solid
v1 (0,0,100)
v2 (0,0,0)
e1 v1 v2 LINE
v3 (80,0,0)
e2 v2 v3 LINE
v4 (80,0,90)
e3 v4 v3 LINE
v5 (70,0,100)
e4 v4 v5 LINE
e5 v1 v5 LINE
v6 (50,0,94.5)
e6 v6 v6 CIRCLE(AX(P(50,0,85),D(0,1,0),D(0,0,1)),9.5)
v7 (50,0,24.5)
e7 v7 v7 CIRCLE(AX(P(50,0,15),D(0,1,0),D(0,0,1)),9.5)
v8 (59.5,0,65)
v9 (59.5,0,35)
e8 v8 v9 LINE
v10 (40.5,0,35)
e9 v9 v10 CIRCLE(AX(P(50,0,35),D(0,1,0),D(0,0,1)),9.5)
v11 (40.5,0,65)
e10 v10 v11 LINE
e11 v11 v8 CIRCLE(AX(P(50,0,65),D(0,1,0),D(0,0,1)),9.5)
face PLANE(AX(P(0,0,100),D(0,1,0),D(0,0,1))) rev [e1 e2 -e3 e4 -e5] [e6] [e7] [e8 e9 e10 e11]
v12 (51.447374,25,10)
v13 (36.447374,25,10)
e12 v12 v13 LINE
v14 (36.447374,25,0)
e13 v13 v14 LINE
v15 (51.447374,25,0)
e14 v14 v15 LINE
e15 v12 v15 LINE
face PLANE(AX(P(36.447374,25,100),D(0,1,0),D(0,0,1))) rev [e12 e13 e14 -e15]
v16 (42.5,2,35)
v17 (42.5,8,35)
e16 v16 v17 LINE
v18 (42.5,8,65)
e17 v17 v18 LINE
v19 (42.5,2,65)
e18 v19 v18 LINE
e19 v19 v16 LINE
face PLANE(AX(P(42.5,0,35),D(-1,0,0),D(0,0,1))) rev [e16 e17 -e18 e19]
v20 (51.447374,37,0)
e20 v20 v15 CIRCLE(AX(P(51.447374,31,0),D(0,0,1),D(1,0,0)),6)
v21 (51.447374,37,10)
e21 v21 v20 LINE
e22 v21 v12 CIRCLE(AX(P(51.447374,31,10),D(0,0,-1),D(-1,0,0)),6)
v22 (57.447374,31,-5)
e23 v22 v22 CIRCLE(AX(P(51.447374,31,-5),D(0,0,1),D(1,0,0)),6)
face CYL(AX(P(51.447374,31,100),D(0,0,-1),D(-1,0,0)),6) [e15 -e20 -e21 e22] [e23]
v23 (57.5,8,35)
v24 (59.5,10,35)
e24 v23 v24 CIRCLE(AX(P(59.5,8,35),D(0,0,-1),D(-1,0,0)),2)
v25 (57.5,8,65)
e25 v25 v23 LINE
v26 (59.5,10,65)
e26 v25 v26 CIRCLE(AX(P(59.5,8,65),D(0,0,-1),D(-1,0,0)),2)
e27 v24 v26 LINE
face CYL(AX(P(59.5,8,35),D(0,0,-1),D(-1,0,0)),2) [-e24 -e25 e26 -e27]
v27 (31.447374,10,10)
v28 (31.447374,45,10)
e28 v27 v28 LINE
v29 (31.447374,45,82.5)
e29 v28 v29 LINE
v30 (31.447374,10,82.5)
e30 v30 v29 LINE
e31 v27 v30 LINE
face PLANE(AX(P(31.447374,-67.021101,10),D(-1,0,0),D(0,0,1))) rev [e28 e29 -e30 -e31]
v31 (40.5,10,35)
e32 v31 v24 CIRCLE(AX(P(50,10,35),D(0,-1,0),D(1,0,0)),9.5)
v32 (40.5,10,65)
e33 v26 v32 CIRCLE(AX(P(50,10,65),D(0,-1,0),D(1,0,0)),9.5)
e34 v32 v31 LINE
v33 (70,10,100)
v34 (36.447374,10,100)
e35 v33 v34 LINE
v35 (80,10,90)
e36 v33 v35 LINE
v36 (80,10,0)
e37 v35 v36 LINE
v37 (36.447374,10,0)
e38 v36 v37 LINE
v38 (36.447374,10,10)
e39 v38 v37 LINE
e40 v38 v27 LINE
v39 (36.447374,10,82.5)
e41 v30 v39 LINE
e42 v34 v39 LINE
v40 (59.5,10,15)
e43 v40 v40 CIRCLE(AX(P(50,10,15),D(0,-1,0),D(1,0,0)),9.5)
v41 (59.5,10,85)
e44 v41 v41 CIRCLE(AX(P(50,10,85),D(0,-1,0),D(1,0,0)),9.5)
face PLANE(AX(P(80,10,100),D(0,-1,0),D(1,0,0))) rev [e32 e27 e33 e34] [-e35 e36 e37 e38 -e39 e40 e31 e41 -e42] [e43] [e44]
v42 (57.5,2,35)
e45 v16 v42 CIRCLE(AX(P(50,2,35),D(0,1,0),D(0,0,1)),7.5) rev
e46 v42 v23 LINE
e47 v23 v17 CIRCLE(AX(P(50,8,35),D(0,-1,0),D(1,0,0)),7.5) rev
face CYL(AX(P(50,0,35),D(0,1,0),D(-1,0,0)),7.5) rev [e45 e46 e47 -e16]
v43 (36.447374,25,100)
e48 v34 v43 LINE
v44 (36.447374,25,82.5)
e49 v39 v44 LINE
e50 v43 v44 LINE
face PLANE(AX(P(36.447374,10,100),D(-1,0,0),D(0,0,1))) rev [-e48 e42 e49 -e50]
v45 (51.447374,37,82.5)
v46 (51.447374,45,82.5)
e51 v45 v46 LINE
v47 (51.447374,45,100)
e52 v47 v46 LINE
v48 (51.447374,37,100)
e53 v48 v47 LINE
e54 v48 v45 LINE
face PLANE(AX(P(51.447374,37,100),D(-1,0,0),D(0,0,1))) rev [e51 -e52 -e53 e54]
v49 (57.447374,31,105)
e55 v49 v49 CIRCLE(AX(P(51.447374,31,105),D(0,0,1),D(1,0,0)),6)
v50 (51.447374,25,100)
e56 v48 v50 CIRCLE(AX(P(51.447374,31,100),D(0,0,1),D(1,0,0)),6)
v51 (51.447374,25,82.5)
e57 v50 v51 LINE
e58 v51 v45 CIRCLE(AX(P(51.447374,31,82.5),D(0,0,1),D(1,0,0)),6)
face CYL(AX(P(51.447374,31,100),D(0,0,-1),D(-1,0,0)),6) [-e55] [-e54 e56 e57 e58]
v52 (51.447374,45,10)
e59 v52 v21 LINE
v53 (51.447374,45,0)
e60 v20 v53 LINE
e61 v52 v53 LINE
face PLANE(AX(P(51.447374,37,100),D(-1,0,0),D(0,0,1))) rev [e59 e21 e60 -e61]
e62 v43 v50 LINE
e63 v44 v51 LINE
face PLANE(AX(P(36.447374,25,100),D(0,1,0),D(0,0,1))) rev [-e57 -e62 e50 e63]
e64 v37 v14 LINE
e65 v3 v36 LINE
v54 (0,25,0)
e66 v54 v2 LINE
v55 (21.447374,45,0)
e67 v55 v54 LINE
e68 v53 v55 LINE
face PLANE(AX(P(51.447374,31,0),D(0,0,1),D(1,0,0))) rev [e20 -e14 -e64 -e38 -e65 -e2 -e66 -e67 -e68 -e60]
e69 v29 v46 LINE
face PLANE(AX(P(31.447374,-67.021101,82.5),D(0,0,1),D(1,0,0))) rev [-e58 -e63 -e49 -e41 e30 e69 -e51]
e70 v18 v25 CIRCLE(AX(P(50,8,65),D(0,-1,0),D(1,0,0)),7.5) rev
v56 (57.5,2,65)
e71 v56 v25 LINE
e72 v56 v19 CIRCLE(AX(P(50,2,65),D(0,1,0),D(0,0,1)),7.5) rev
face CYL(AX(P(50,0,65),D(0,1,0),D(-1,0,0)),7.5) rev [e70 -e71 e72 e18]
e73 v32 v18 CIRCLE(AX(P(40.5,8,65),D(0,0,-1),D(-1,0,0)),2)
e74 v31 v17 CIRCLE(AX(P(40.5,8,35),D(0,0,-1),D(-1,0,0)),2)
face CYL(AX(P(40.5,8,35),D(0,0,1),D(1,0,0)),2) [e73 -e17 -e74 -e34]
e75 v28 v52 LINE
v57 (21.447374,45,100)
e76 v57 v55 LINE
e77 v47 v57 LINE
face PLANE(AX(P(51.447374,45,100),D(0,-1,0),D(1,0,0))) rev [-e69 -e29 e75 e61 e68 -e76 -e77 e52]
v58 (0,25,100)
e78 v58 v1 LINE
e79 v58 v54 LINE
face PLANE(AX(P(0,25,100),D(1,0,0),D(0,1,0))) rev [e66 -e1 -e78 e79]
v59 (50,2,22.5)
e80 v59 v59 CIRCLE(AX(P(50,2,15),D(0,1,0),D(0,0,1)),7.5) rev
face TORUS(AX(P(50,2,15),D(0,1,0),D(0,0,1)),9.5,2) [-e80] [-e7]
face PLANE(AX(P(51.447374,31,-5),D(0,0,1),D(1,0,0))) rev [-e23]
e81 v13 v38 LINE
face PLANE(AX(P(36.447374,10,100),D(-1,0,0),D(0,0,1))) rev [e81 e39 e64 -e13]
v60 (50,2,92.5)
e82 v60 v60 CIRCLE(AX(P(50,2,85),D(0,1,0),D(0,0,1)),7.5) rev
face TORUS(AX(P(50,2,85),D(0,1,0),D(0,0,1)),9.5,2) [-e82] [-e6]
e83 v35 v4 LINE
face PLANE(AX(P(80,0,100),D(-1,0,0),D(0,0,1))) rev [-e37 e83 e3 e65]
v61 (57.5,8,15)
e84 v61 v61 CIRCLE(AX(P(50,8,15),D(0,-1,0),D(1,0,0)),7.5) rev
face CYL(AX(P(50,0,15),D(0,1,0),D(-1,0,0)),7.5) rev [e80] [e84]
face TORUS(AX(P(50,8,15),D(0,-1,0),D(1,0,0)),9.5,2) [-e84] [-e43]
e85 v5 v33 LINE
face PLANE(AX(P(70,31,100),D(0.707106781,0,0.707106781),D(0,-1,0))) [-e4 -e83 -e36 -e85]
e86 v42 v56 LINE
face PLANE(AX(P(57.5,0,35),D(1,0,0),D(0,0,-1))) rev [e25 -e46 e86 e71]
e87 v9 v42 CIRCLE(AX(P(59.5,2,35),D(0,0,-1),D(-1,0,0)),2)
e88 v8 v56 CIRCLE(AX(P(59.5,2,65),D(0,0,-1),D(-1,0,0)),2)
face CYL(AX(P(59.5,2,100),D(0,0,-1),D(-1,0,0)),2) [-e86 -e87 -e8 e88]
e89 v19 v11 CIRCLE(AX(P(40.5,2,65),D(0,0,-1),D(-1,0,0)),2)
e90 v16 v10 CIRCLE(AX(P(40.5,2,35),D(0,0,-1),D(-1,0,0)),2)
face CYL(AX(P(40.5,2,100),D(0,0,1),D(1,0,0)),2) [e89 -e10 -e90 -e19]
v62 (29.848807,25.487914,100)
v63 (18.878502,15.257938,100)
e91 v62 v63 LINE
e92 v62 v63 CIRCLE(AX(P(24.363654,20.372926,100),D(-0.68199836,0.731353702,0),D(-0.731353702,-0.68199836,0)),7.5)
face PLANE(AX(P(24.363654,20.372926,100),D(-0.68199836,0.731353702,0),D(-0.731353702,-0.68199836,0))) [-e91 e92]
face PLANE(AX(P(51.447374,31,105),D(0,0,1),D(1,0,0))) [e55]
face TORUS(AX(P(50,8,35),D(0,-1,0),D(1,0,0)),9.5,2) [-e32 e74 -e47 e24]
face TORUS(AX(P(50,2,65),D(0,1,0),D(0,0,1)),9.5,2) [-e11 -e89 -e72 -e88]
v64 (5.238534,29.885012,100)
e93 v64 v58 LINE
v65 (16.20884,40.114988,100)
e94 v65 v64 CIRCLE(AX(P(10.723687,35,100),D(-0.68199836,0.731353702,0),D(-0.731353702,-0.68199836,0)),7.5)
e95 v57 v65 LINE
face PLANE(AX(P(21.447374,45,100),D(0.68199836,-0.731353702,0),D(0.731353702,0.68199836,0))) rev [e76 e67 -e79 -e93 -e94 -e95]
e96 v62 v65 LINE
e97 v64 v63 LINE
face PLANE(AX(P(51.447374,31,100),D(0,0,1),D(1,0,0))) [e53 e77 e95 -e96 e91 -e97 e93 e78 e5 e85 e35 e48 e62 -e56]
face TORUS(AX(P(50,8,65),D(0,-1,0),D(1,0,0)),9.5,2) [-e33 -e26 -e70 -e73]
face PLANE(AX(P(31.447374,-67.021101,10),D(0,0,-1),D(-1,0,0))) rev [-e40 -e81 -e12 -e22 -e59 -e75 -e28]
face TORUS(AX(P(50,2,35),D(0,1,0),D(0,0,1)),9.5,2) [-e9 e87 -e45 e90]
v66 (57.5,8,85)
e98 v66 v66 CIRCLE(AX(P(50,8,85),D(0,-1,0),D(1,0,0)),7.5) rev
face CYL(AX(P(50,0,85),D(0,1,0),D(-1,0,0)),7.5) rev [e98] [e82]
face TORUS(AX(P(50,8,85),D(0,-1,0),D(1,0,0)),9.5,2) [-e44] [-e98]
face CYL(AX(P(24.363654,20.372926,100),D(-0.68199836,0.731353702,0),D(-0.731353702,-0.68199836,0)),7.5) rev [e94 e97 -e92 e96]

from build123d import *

# Parameters (mm, degrees)
DODANIE_WYCI_GNI_CIE1_DEPTH      = 100
SFAZOWANIE1_SIZE                 = 10
SZKIC3_R                         = 6
DODANIE_WYCI_GNI_CIE2_DEPTH      = 5
DODANIE_WYCI_GNI_CIE2_DEPTH_BACK = 105
SZKIC4_W                         = 26
SZKIC4_H                         = 72.5
WYTNIJ_WYCI_GNI_CIE1_DEPTH       = 35
SZKIC5_R                         = 7.5
WYTNIJ_WYCI_GNI_CIE3_DEPTH       = 11
ZAOKR_GLENIE2_R                  = 2
SZKIC6_R                         = 7.5
WYTNIJ_WYCI_GNI_CIE5_DEPTH       = 20


with BuildPart() as part:
    # Szkic2 → Dodanie-wyciągnięcie1 (new body)
    with BuildSketch(Plane.XY):
        with BuildLine():
            Line((0, 0), (80, 0))
            Line((80, 0), (80, 10))
            Line((80, 10), (36.4473742, 10))
            Line((36.4473742, 10), (36.4473742, 25))
            Line((36.4473742, 25), (51.4473742, 25))
            ThreePointArc((51.4473742, 25), (57.4473742, 31), (51.4473742, 37))
            Line((51.4473742, 37), (51.4473742, 45))
            Line((51.4473742, 45), (21.4473742, 45))
            Line((21.4473742, 45), (0, 25))
            Line((0, 25), (0, 0))
        make_face()
    extrude(amount=DODANIE_WYCI_GNI_CIE1_DEPTH)

    # Sfazowanie1
    sfazowanie1_edges = [part.edges().sort_by_distance(p)[0] for p in [
        (80, 5, 100),
    ]]
    chamfer(sfazowanie1_edges, length=SFAZOWANIE1_SIZE)

    # Szkic3 → Dodanie-wyciągnięcie2 (add, two sides)
    with BuildSketch(Plane.XY.offset(100)) as dodanie_wyci_gni_cie2_sk:
        with Locations((51.4473742, 31)):
            Circle(SZKIC3_R)
    extrude(amount=DODANIE_WYCI_GNI_CIE2_DEPTH)
    extrude(dodanie_wyci_gni_cie2_sk.sketch, amount=-DODANIE_WYCI_GNI_CIE2_DEPTH_BACK)

    # Szkic4 → Wytnij-wyciągnięcie1 (cut)
    with BuildSketch(Plane(origin=(0, 45, 0), x_dir=(1, 0, 0), z_dir=(0, 1, 0))):
        with Locations((44.4473742, -46.25)):
            Rectangle(SZKIC4_W, SZKIC4_H)
    extrude(amount=-WYTNIJ_WYCI_GNI_CIE1_DEPTH, mode=Mode.SUBTRACT)

    # Szkic5 → Wytnij-wyciągnięcie3 (cut, through all)
    with BuildSketch(Plane(origin=(0, 10, 0), x_dir=(1, 0, 0), z_dir=(0, 1, 0))):
        with Locations((50, -15)):
            Circle(SZKIC5_R)
        with Locations((50, -85)):
            Circle(SZKIC5_R)
        with BuildLine():
            Line((42.5, -35), (42.5, -65))
            ThreePointArc((42.5, -65), (50, -72.5), (57.5, -65))
            Line((57.5, -65), (57.5, -35))
            ThreePointArc((57.5, -35), (50, -27.5), (42.5, -35))
        make_face()
    extrude(amount=-WYTNIJ_WYCI_GNI_CIE3_DEPTH, mode=Mode.SUBTRACT)

    # Zaokrąglenie2
    zaokr_glenie2_edges = [part.edges().sort_by_distance(p)[0] for p in [
        (42.5, 0, 15),
        (42.5, 10, 15),
        (42.5, 0, 85),
        (42.5, 10, 85),
        (50, 0, 27.5),
        (57.5, 0, 50),
        (50, 0, 72.5),
        (42.5, 0, 50),
        (50, 10, 27.5),
        (42.5, 10, 50),
        (50, 10, 72.5),
        (57.5, 10, 50),
    ]]
    fillet(zaokr_glenie2_edges, radius=ZAOKR_GLENIE2_R)

    # Szkic6 → Wytnij-wyciągnięcie5 (cut)
    with BuildSketch(Plane(origin=(-12.469550628, 13.371955922, 0), x_dir=(0.731353702, 0.68199836, 0), z_dir=(-0.68199836, 0.731353702, 0))):
        with Locations((31.712750858, -100)):
            Circle(SZKIC6_R)
    extrude(amount=-WYTNIJ_WYCI_GNI_CIE5_DEPTH, mode=Mode.SUBTRACT)


solid = part.part
